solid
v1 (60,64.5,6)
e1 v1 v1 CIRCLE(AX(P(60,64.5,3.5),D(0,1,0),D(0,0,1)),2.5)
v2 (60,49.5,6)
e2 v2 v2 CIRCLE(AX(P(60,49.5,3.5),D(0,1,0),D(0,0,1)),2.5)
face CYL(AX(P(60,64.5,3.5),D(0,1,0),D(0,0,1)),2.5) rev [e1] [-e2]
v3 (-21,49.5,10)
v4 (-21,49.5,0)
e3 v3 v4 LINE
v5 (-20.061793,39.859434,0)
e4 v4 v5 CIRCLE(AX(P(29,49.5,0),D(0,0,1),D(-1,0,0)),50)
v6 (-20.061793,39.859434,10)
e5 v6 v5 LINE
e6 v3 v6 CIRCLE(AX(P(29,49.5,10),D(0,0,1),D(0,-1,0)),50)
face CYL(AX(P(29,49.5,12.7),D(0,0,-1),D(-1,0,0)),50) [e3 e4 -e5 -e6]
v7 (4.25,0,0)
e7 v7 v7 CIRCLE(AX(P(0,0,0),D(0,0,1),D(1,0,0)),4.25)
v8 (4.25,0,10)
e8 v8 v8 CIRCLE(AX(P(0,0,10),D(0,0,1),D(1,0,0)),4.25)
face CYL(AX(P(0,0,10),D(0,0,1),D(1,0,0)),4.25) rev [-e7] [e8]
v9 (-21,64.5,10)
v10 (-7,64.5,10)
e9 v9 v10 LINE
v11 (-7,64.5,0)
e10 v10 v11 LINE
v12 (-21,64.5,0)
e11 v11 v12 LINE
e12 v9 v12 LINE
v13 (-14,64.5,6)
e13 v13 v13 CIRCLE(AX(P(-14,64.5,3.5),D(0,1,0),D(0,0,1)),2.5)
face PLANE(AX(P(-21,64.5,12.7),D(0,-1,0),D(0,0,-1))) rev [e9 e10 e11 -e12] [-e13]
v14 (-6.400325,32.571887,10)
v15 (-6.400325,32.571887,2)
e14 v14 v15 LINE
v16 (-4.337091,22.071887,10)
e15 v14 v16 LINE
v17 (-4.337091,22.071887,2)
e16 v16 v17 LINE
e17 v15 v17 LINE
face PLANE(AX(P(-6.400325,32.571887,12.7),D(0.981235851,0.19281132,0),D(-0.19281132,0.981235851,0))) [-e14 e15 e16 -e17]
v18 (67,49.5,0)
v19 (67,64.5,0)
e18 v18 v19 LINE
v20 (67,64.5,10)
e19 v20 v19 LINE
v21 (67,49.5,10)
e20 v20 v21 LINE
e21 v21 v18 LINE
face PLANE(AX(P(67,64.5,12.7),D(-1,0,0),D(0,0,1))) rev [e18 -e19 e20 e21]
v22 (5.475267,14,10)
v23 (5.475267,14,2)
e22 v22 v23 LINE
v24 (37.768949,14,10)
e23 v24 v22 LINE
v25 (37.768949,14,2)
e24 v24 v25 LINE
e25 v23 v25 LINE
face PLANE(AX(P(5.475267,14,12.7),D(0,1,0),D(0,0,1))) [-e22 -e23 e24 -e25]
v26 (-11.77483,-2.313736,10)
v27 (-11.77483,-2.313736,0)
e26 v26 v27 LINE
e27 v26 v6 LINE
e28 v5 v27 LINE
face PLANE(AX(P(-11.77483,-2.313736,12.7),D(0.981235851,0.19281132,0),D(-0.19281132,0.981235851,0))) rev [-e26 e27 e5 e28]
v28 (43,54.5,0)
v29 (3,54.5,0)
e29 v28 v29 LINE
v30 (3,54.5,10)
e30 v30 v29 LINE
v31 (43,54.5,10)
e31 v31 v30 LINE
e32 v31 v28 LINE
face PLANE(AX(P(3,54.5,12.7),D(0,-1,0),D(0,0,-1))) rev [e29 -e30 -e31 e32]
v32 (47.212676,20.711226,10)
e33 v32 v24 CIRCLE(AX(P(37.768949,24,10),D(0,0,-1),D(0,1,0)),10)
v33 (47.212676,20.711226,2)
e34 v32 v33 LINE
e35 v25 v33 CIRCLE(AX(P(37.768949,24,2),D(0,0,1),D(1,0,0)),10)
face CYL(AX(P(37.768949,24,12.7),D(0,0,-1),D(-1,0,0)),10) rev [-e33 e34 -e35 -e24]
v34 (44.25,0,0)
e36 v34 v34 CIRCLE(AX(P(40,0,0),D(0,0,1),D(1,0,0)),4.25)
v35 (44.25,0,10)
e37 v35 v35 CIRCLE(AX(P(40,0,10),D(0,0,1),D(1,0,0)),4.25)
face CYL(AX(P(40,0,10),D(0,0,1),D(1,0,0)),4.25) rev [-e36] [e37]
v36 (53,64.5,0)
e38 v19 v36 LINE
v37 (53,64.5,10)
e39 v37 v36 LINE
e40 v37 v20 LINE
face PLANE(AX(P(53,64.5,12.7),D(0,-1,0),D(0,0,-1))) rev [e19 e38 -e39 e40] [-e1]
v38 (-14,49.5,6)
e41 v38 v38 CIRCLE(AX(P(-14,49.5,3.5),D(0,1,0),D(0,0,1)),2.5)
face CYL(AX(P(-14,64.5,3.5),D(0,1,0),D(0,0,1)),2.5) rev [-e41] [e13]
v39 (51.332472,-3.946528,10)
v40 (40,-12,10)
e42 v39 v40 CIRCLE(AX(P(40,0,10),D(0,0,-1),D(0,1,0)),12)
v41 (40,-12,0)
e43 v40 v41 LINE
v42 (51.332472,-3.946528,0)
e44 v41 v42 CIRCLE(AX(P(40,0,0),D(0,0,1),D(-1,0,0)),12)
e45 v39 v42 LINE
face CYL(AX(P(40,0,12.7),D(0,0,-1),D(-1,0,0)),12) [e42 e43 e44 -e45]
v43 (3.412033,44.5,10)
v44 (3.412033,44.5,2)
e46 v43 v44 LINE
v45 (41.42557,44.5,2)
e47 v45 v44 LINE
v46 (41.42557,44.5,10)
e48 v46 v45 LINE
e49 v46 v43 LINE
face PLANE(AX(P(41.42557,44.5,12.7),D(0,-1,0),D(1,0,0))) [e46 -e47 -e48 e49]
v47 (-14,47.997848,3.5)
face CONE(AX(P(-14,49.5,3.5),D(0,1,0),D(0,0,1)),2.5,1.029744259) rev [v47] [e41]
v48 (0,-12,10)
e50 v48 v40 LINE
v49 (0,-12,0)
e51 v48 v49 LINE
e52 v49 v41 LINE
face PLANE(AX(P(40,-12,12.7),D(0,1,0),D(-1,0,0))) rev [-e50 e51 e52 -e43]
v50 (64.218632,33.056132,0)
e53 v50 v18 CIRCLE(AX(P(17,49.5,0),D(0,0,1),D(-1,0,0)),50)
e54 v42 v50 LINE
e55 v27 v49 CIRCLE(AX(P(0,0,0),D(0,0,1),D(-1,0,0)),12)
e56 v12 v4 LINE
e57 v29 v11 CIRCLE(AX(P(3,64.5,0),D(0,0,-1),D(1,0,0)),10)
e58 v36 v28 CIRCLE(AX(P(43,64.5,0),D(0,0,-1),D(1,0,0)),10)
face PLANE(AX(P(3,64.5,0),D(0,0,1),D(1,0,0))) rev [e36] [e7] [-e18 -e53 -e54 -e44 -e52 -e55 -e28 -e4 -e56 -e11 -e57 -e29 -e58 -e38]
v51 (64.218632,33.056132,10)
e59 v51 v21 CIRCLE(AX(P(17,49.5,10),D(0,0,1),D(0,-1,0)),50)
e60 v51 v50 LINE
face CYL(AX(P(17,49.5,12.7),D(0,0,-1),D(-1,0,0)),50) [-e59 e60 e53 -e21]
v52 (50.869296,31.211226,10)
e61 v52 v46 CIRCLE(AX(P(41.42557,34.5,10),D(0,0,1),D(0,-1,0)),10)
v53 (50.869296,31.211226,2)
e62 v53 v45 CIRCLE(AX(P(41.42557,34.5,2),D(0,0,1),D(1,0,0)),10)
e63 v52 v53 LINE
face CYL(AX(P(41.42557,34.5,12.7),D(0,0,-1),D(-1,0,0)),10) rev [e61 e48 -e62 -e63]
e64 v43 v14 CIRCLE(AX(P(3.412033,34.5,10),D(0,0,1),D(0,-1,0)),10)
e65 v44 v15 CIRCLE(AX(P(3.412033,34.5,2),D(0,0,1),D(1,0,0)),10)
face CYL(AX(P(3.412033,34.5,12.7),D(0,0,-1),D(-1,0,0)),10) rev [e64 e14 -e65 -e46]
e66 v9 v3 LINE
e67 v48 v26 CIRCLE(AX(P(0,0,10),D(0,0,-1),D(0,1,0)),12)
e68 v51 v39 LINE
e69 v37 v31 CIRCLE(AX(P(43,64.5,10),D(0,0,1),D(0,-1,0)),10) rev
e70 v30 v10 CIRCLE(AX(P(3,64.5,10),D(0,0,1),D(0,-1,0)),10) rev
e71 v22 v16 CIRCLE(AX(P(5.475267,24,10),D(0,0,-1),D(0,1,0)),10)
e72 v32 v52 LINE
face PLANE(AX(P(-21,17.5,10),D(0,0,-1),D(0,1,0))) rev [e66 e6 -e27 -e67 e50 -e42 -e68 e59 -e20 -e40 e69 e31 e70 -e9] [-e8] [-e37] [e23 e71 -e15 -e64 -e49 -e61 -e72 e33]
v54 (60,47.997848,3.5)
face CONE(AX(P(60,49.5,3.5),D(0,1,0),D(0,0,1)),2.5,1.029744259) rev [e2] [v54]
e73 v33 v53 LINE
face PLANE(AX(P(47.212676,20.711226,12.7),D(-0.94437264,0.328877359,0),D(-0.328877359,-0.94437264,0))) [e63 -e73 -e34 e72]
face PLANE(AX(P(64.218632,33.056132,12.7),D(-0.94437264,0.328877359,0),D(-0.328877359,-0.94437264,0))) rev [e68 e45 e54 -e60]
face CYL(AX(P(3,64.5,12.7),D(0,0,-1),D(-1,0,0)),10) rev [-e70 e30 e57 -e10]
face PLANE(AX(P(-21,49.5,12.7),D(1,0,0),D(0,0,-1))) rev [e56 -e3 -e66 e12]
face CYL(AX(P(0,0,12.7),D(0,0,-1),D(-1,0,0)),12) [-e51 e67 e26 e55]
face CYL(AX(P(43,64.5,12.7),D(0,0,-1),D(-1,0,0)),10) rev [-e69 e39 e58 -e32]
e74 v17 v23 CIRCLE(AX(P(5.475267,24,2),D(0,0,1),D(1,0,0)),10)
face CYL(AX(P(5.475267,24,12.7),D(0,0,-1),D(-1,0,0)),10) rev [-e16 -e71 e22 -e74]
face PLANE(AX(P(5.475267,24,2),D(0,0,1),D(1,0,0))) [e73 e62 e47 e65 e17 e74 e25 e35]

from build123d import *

# Parameters (mm, degrees)
SKETCH1_R                  = 4
BOSS_EXTRUDE1_DEPTH        = 12.7
CUT_EXTRUDE1_DEPTH         = 94.864476774
CUT_EXTRUDE1_DEPTH_BACK    = 94.864476774
SKETCH2_W                  = 2.7
SKETCH2_H                  = 29.5
M6X1_0_TAPPED_HOLE1_D      = 5
M6X1_0_TAPPED_HOLE1_DEPTH  = 15
M6X1_0_TAPPED_HOLE1_TIP    = 1.502151548
BOSS_EXTRUDE2_DEPTH        = 2
M10X1_5_TAPPED_HOLE1_D     = 8.5
M10X1_5_TAPPED_HOLE1_DEPTH = 10
CUT_EXTRUDE2_DEPTH         = 94.864476774
CUT_EXTRUDE2_DEPTH_BACK    = 94.864476774
SKETCH8_OUTSIDE_W          = 38.158
SKETCH8_OUTSIDE_H          = 101.958
SKETCH8_OUTSIDE_W_2        = 10
SKETCH8_OUTSIDE_H_2        = 76.5


with BuildPart() as part:
    # Sketch1 → Boss-Extrude1 (new body)
    with BuildSketch(Plane.XY):
        with BuildLine():
            Line((-21, 64.5), (-7, 64.5))
            ThreePointArc((-7, 64.5), (-4.071067812, 57.428932188), (3, 54.5))
            Line((3, 54.5), (43, 54.5))
            ThreePointArc((43, 54.5), (50.071067812, 57.428932188), (53, 64.5))
            Line((53, 64.5), (67, 64.5))
            Line((67, 64.5), (67, 49.5))
            ThreePointArc((67, 49.5), (66.299754559, 41.161283045), (64.218631982, 33.056132032))
            Line((64.218631982, 33.056132032), (51.332471676, -3.946528312))
            ThreePointArc((51.332471676, -3.946528312), (46.951318589, -9.781572975), (40, -12))
            Line((40, -12), (0, -12))
            ThreePointArc((0, -12), (-7.623489029, -9.26727657), (-11.77483021, -2.313735836))
            Line((-11.77483021, -2.313735836), (-20.061792543, 39.859434015))
            ThreePointArc((-20.061792543, 39.859434015), (-20.764895394, 44.656944514), (-21, 49.5))
            Line((-21, 49.5), (-21, 64.5))
        make_face()
        Circle(SKETCH1_R, mode=Mode.SUBTRACT)
        with Locations((40, 0)):
            Circle(SKETCH1_R, mode=Mode.SUBTRACT)
        with BuildLine():
            Line((-6.400325135, 32.571886803), (-4.337091454, 22.071886803))
            ThreePointArc((-4.337091454, 22.071886803), (-0.87764047, 16.277269525), (5.475267055, 14))
            Line((5.475267055, 14), (37.768949155, 14))
            ThreePointArc((37.768949155, 14), (43.561714646, 15.848689187), (47.212675552, 20.711226406))
            Line((47.212675552, 20.711226406), (50.869295966, 31.211226406))
            ThreePointArc((50.869295966, 31.211226406), (49.576880383, 40.292765491), (41.42556957, 44.5))
            Line((41.42556957, 44.5), (3.412033373, 44.5))
            ThreePointArc((3.412033373, 44.5), (-4.310697101, 40.852907524), (-6.400325135, 32.571886803))
        make_face(mode=Mode.SUBTRACT)
    extrude(amount=BOSS_EXTRUDE1_DEPTH)

    # Sketch2 → Cut-Extrude1 (cut, two sides: drawn at the far end of the back side and taken through both)
    with BuildSketch(Plane(origin=(0, 0, 0), x_dir=(0, 0, -1), z_dir=(1, 0, 0)).offset(-CUT_EXTRUDE1_DEPTH_BACK)):
        with Locations((-11.35, 2.75)):
            Rectangle(SKETCH2_W, SKETCH2_H)
    extrude(amount=CUT_EXTRUDE1_DEPTH + CUT_EXTRUDE1_DEPTH_BACK, mode=Mode.SUBTRACT)

    # M6x1.0 Tapped Hole1
    with Locations(Plane(origin=(0, 64.5, 0), x_dir=(1, 0, 0), z_dir=(0, 1, 0))):
        with Locations((-14, -3.5), (60, -3.5)):
            Hole(M6X1_0_TAPPED_HOLE1_D / 2, depth=M6X1_0_TAPPED_HOLE1_DEPTH)
            with Locations((0, 0, -(M6X1_0_TAPPED_HOLE1_DEPTH + M6X1_0_TAPPED_HOLE1_TIP / 2))):  # 118° drill point
                Cone(0, M6X1_0_TAPPED_HOLE1_D / 2, M6X1_0_TAPPED_HOLE1_TIP, mode=Mode.SUBTRACT)

    # Sketch5 → Boss-Extrude2 (add)
    with BuildSketch(Plane.XY):
        with BuildLine():
            Line((5.475267055, 14), (37.768949155, 14))
            ThreePointArc((37.768949155, 14), (43.561714646, 15.848689187), (47.212675552, 20.711226406))
            Line((47.212675552, 20.711226406), (50.869295966, 31.211226406))
            ThreePointArc((50.869295966, 31.211226406), (49.576880383, 40.292765491), (41.42556957, 44.5))
            Line((41.42556957, 44.5), (3.412033373, 44.5))
            ThreePointArc((3.412033373, 44.5), (-4.310697101, 40.852907524), (-6.400325135, 32.571886803))
            Line((-6.400325135, 32.571886803), (-4.337091454, 22.071886803))
            ThreePointArc((-4.337091454, 22.071886803), (-0.87764047, 16.277269525), (5.475267055, 14))
        make_face()
    extrude(amount=BOSS_EXTRUDE2_DEPTH)

    # M10x1.5 Tapped Hole1
    with Locations(Plane.XY.offset(10)):
        with Locations((0, 0), (40, 0)):
            Hole(M10X1_5_TAPPED_HOLE1_D / 2, depth=M10X1_5_TAPPED_HOLE1_DEPTH)

    # Sketch8 outside → Cut-Extrude2 (cut, two sides: drawn at the far end of the back side and taken through both)
    with BuildSketch(Plane(origin=(0, 0, 0), x_dir=(0, 0, -1), z_dir=(1, 0, 0)).offset(-CUT_EXTRUDE2_DEPTH_BACK)):
        with Locations((-6.35, 26.25)):
            Rectangle(SKETCH8_OUTSIDE_W, SKETCH8_OUTSIDE_H)
        with Locations((-5, 26.25)):
            Rectangle(SKETCH8_OUTSIDE_W_2, SKETCH8_OUTSIDE_H_2, mode=Mode.SUBTRACT)
    extrude(amount=CUT_EXTRUDE2_DEPTH + CUT_EXTRUDE2_DEPTH_BACK, mode=Mode.SUBTRACT)


solid = part.part
